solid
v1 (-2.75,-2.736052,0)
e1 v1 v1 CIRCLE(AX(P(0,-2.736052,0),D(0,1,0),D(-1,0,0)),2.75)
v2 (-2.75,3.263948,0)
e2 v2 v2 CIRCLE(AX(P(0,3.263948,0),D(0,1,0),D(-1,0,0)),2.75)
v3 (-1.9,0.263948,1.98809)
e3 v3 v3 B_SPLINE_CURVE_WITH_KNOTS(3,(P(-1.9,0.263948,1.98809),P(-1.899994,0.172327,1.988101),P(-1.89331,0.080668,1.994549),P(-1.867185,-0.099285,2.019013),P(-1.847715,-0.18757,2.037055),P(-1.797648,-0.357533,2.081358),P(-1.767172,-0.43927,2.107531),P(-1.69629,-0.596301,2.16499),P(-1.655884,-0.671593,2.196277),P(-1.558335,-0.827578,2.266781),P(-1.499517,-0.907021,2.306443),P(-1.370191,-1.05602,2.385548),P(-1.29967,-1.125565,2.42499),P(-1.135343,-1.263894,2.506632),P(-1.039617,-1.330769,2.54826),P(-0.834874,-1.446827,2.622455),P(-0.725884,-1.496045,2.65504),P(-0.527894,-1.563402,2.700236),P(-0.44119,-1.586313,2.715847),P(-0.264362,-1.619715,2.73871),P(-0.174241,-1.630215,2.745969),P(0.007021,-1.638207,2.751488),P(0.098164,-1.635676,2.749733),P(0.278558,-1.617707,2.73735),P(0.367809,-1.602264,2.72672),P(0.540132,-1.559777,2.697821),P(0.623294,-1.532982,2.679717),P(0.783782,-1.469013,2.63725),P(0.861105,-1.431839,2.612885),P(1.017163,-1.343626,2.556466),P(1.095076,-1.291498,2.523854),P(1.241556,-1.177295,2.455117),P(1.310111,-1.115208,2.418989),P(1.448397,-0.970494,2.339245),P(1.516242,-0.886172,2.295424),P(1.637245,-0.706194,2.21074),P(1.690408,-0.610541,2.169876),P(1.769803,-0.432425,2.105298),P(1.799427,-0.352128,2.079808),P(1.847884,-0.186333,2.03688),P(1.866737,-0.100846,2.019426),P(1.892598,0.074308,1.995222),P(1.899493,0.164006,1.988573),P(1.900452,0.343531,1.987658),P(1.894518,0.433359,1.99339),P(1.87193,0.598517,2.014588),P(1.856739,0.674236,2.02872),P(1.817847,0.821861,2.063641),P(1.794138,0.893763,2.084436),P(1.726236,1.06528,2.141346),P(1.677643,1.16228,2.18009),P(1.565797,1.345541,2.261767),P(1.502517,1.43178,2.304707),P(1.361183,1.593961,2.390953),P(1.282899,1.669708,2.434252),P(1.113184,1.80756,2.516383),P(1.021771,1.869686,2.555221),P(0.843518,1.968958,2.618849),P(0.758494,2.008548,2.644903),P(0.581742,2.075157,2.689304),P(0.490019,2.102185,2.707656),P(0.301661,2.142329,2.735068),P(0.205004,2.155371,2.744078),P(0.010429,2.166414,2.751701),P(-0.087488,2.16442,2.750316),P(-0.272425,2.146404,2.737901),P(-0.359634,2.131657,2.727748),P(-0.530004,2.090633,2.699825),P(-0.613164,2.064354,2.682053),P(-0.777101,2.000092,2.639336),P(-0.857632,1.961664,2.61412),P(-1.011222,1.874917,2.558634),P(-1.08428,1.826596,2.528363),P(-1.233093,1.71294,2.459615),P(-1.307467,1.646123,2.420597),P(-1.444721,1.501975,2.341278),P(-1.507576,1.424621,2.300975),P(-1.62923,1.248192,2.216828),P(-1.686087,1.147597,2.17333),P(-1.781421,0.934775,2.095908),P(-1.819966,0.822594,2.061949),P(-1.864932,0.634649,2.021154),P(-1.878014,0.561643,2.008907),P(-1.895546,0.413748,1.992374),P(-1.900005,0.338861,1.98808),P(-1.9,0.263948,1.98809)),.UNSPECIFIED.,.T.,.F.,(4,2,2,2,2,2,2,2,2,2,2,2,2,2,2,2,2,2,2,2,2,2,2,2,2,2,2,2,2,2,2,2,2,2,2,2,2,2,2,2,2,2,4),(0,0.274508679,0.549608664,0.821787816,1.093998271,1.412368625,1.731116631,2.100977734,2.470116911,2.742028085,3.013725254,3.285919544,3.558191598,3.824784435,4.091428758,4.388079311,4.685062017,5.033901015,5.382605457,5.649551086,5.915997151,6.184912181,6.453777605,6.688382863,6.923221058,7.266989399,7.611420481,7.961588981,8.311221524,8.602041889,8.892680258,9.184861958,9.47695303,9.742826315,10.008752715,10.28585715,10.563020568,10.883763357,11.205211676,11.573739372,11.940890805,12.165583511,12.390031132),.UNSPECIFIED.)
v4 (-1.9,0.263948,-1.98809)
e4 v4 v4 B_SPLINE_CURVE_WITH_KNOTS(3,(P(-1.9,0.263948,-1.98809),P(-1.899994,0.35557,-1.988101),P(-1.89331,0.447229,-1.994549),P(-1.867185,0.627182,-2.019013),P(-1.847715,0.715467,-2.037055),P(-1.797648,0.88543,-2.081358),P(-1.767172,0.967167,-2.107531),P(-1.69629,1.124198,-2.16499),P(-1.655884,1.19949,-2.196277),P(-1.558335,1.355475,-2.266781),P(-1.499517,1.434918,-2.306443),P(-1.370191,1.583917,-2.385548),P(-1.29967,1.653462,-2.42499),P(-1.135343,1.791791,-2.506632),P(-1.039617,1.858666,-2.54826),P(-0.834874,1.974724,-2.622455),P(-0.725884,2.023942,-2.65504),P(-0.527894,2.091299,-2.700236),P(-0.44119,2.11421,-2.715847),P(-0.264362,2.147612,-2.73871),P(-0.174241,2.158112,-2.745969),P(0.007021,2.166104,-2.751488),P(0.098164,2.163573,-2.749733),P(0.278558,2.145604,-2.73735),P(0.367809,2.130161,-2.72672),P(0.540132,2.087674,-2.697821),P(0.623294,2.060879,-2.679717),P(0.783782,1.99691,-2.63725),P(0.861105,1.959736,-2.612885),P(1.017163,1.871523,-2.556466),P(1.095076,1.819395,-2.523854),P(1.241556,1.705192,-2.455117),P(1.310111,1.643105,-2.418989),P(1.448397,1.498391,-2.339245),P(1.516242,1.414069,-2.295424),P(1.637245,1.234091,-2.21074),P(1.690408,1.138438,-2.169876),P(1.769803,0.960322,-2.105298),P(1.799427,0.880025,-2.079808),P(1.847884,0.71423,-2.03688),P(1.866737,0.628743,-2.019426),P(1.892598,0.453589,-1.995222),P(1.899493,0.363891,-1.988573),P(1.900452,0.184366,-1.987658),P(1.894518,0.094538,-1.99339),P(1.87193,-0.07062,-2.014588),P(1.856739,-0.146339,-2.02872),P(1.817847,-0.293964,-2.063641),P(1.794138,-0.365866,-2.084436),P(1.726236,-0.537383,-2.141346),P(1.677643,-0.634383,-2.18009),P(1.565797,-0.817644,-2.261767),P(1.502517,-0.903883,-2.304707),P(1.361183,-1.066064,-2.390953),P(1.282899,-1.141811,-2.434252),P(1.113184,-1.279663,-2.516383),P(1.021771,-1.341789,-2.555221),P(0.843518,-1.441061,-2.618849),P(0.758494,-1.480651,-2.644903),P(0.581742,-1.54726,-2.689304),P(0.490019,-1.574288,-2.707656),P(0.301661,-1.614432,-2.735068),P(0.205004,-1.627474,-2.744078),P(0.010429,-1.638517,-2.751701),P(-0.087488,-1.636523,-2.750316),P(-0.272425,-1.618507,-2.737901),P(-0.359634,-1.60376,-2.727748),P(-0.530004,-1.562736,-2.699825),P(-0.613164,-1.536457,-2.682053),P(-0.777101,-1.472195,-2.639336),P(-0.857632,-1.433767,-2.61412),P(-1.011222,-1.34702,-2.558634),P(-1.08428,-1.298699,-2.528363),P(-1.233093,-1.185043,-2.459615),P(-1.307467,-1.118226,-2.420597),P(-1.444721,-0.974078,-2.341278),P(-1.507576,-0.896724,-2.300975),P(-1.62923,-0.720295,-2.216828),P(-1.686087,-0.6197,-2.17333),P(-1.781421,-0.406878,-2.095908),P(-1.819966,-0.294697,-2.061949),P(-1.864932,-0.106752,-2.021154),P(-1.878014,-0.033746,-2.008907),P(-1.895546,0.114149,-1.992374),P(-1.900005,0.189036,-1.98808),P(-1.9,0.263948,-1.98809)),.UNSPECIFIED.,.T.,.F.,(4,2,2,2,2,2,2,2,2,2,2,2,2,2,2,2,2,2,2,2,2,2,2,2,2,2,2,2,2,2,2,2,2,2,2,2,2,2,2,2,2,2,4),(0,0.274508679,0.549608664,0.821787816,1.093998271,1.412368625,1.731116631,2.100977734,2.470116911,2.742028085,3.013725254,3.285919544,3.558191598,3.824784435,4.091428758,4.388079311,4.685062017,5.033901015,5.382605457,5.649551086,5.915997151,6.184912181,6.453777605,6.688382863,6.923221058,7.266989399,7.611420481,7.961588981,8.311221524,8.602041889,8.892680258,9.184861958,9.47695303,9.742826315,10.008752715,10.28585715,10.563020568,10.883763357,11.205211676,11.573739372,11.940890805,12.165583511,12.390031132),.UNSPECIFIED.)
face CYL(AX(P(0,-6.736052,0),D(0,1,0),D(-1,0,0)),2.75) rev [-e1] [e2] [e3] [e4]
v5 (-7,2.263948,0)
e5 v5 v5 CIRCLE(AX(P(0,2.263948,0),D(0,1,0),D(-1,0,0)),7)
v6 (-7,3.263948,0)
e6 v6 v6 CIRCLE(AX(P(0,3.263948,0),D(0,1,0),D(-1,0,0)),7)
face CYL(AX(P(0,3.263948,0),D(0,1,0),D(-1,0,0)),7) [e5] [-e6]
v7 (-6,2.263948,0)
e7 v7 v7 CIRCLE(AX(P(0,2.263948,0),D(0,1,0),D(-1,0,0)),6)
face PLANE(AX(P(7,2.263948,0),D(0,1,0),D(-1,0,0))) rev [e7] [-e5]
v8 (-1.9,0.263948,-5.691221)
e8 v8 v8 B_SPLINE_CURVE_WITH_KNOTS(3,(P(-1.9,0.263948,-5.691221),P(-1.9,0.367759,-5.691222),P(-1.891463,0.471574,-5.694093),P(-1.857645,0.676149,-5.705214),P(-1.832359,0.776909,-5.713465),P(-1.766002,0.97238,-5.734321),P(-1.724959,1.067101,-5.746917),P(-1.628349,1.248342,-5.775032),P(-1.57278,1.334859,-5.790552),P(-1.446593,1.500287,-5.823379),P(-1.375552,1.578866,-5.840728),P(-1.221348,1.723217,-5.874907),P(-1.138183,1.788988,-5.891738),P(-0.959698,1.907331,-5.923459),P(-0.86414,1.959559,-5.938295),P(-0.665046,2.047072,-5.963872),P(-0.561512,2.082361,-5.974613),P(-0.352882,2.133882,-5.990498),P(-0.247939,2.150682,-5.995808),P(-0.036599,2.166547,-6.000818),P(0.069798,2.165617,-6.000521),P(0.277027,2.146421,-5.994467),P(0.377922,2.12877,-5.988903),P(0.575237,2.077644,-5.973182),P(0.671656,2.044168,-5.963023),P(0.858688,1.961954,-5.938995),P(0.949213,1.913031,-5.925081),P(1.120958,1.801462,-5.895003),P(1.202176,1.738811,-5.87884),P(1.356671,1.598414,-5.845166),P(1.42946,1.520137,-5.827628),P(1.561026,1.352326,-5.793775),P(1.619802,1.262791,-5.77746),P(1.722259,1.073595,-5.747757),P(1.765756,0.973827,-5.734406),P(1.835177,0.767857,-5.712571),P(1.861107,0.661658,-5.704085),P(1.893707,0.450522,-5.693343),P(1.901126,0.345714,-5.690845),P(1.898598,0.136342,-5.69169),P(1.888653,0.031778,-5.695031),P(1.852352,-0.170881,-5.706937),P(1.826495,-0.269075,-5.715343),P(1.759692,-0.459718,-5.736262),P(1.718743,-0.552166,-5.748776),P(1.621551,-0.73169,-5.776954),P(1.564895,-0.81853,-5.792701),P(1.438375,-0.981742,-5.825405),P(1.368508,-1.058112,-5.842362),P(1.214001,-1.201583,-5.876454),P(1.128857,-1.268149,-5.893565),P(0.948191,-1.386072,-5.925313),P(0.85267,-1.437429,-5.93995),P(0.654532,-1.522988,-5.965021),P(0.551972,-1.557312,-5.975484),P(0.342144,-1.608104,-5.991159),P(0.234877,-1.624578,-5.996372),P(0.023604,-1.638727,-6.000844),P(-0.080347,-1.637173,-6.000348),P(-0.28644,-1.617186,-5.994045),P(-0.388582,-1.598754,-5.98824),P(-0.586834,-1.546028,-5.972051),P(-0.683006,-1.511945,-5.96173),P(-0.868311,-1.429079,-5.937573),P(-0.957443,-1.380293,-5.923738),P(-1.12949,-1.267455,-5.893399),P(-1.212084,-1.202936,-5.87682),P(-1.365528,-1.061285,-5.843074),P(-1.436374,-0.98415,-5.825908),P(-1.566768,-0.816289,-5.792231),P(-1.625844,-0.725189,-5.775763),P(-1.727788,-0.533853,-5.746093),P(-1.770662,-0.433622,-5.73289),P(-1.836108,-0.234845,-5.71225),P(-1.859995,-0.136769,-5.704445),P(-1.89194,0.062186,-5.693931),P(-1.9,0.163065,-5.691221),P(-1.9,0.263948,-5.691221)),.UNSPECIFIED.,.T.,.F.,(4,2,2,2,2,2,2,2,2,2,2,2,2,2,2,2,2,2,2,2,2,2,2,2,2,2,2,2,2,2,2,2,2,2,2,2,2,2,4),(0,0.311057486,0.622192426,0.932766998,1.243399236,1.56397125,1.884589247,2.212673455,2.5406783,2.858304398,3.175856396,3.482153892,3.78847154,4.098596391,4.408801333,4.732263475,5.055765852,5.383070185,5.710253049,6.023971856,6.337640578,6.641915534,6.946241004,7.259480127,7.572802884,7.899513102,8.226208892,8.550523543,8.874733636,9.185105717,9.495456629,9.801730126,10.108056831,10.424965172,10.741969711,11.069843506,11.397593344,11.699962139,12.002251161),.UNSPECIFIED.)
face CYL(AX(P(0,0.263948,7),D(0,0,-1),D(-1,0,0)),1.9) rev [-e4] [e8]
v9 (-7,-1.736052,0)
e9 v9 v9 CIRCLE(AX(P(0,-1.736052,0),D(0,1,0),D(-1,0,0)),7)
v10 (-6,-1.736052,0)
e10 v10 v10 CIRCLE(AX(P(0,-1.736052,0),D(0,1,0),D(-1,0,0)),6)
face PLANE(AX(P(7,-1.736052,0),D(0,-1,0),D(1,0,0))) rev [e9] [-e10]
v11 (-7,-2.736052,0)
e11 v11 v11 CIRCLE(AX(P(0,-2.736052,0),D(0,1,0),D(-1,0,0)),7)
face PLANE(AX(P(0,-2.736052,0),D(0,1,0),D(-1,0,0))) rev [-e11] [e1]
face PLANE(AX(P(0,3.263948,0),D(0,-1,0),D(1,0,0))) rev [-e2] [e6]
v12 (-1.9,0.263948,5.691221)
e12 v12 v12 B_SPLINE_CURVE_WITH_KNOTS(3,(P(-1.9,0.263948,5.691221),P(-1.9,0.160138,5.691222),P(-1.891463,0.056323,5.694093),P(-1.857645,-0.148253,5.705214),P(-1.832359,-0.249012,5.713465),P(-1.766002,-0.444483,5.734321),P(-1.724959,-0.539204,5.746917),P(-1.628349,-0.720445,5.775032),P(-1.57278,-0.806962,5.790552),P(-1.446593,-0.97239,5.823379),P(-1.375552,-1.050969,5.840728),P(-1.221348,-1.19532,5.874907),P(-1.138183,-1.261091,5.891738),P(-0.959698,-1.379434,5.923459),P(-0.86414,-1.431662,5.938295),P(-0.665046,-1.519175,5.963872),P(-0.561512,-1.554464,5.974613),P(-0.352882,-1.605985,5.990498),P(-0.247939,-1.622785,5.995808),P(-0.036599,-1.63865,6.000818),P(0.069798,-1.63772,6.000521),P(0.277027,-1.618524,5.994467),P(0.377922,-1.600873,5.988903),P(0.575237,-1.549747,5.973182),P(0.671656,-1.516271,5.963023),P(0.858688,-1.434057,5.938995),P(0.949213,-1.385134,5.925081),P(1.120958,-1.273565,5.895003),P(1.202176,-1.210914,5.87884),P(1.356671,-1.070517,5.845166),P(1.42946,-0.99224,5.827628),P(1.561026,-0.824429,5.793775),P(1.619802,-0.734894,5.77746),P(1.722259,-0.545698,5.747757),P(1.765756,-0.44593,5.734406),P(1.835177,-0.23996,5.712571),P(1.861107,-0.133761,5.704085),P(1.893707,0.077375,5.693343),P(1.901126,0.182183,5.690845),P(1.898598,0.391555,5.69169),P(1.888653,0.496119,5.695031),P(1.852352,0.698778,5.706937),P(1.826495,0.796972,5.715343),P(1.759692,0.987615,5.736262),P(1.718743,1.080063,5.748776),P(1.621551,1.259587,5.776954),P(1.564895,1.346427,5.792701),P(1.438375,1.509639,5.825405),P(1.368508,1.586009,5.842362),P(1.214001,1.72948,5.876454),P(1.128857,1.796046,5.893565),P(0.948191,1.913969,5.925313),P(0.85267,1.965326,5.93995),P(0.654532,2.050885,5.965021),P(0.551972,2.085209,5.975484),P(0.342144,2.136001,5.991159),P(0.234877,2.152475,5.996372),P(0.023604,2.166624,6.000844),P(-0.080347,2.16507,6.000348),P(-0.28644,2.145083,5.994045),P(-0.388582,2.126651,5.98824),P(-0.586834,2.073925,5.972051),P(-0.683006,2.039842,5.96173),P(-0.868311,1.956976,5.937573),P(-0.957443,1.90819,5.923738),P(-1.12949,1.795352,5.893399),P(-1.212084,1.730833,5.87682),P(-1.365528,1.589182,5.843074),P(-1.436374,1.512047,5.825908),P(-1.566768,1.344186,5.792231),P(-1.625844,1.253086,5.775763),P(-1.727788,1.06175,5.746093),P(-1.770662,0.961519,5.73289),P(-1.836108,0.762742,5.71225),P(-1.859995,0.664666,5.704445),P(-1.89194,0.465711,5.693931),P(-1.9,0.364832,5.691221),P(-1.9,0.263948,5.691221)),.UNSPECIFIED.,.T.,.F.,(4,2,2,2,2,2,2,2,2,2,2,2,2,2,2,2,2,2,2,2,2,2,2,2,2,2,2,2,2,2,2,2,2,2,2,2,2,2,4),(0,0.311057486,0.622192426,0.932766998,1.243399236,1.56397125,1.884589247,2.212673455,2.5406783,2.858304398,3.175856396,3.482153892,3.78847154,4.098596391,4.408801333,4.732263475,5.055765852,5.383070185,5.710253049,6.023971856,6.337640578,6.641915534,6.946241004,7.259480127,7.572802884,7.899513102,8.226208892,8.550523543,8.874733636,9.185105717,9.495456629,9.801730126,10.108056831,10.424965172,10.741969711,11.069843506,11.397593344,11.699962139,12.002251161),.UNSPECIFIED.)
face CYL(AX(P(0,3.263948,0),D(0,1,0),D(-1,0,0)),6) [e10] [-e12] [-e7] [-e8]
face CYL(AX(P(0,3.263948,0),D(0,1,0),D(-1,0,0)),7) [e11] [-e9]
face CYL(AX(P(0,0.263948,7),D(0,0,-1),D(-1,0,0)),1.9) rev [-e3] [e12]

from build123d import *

# Parameters (mm, degrees)
SKETCH_4_R               = 1.9
CUT_EXTRUDE_3_DEPTH      = 8
CUT_EXTRUDE_3_DEPTH_BACK = 8
SKETCH_5_R               = 2.75
CUT_EXTRUDE_4_DEPTH      = 10


with BuildPart() as part:
    # 스케치2 → 회전2 (revolve)
    with BuildSketch(Plane.XY):
        Polygon((0, 3.263948498), (7, 3.263948498), (7, 2.263948498), (6, 2.263948498), (6, -1.736051502), (7, -1.736051502), (7, -2.736051502), (0, -2.736051502), align=None)
    revolve(axis=Axis((0, 3.263948498, 0), (0, -1, 0)))

    # 스케치4 → 컷-돌출3 (cut, two sides)
    with BuildSketch(Plane.XY) as cut_extrude_3_sk:
        with Locations((0, 0.263948498)):
            Circle(SKETCH_4_R)
    extrude(amount=CUT_EXTRUDE_3_DEPTH, mode=Mode.SUBTRACT)
    extrude(cut_extrude_3_sk.sketch, amount=-CUT_EXTRUDE_3_DEPTH_BACK, mode=Mode.SUBTRACT)

    # 스케치5 → 컷-돌출4 (cut)
    with BuildSketch(Plane(origin=(0, 3.263948498, 0), x_dir=(1, 0, 0), z_dir=(0, 1, 0))):
        Circle(SKETCH_5_R)
    extrude(amount=-CUT_EXTRUDE_4_DEPTH, mode=Mode.SUBTRACT)


solid = part.part
